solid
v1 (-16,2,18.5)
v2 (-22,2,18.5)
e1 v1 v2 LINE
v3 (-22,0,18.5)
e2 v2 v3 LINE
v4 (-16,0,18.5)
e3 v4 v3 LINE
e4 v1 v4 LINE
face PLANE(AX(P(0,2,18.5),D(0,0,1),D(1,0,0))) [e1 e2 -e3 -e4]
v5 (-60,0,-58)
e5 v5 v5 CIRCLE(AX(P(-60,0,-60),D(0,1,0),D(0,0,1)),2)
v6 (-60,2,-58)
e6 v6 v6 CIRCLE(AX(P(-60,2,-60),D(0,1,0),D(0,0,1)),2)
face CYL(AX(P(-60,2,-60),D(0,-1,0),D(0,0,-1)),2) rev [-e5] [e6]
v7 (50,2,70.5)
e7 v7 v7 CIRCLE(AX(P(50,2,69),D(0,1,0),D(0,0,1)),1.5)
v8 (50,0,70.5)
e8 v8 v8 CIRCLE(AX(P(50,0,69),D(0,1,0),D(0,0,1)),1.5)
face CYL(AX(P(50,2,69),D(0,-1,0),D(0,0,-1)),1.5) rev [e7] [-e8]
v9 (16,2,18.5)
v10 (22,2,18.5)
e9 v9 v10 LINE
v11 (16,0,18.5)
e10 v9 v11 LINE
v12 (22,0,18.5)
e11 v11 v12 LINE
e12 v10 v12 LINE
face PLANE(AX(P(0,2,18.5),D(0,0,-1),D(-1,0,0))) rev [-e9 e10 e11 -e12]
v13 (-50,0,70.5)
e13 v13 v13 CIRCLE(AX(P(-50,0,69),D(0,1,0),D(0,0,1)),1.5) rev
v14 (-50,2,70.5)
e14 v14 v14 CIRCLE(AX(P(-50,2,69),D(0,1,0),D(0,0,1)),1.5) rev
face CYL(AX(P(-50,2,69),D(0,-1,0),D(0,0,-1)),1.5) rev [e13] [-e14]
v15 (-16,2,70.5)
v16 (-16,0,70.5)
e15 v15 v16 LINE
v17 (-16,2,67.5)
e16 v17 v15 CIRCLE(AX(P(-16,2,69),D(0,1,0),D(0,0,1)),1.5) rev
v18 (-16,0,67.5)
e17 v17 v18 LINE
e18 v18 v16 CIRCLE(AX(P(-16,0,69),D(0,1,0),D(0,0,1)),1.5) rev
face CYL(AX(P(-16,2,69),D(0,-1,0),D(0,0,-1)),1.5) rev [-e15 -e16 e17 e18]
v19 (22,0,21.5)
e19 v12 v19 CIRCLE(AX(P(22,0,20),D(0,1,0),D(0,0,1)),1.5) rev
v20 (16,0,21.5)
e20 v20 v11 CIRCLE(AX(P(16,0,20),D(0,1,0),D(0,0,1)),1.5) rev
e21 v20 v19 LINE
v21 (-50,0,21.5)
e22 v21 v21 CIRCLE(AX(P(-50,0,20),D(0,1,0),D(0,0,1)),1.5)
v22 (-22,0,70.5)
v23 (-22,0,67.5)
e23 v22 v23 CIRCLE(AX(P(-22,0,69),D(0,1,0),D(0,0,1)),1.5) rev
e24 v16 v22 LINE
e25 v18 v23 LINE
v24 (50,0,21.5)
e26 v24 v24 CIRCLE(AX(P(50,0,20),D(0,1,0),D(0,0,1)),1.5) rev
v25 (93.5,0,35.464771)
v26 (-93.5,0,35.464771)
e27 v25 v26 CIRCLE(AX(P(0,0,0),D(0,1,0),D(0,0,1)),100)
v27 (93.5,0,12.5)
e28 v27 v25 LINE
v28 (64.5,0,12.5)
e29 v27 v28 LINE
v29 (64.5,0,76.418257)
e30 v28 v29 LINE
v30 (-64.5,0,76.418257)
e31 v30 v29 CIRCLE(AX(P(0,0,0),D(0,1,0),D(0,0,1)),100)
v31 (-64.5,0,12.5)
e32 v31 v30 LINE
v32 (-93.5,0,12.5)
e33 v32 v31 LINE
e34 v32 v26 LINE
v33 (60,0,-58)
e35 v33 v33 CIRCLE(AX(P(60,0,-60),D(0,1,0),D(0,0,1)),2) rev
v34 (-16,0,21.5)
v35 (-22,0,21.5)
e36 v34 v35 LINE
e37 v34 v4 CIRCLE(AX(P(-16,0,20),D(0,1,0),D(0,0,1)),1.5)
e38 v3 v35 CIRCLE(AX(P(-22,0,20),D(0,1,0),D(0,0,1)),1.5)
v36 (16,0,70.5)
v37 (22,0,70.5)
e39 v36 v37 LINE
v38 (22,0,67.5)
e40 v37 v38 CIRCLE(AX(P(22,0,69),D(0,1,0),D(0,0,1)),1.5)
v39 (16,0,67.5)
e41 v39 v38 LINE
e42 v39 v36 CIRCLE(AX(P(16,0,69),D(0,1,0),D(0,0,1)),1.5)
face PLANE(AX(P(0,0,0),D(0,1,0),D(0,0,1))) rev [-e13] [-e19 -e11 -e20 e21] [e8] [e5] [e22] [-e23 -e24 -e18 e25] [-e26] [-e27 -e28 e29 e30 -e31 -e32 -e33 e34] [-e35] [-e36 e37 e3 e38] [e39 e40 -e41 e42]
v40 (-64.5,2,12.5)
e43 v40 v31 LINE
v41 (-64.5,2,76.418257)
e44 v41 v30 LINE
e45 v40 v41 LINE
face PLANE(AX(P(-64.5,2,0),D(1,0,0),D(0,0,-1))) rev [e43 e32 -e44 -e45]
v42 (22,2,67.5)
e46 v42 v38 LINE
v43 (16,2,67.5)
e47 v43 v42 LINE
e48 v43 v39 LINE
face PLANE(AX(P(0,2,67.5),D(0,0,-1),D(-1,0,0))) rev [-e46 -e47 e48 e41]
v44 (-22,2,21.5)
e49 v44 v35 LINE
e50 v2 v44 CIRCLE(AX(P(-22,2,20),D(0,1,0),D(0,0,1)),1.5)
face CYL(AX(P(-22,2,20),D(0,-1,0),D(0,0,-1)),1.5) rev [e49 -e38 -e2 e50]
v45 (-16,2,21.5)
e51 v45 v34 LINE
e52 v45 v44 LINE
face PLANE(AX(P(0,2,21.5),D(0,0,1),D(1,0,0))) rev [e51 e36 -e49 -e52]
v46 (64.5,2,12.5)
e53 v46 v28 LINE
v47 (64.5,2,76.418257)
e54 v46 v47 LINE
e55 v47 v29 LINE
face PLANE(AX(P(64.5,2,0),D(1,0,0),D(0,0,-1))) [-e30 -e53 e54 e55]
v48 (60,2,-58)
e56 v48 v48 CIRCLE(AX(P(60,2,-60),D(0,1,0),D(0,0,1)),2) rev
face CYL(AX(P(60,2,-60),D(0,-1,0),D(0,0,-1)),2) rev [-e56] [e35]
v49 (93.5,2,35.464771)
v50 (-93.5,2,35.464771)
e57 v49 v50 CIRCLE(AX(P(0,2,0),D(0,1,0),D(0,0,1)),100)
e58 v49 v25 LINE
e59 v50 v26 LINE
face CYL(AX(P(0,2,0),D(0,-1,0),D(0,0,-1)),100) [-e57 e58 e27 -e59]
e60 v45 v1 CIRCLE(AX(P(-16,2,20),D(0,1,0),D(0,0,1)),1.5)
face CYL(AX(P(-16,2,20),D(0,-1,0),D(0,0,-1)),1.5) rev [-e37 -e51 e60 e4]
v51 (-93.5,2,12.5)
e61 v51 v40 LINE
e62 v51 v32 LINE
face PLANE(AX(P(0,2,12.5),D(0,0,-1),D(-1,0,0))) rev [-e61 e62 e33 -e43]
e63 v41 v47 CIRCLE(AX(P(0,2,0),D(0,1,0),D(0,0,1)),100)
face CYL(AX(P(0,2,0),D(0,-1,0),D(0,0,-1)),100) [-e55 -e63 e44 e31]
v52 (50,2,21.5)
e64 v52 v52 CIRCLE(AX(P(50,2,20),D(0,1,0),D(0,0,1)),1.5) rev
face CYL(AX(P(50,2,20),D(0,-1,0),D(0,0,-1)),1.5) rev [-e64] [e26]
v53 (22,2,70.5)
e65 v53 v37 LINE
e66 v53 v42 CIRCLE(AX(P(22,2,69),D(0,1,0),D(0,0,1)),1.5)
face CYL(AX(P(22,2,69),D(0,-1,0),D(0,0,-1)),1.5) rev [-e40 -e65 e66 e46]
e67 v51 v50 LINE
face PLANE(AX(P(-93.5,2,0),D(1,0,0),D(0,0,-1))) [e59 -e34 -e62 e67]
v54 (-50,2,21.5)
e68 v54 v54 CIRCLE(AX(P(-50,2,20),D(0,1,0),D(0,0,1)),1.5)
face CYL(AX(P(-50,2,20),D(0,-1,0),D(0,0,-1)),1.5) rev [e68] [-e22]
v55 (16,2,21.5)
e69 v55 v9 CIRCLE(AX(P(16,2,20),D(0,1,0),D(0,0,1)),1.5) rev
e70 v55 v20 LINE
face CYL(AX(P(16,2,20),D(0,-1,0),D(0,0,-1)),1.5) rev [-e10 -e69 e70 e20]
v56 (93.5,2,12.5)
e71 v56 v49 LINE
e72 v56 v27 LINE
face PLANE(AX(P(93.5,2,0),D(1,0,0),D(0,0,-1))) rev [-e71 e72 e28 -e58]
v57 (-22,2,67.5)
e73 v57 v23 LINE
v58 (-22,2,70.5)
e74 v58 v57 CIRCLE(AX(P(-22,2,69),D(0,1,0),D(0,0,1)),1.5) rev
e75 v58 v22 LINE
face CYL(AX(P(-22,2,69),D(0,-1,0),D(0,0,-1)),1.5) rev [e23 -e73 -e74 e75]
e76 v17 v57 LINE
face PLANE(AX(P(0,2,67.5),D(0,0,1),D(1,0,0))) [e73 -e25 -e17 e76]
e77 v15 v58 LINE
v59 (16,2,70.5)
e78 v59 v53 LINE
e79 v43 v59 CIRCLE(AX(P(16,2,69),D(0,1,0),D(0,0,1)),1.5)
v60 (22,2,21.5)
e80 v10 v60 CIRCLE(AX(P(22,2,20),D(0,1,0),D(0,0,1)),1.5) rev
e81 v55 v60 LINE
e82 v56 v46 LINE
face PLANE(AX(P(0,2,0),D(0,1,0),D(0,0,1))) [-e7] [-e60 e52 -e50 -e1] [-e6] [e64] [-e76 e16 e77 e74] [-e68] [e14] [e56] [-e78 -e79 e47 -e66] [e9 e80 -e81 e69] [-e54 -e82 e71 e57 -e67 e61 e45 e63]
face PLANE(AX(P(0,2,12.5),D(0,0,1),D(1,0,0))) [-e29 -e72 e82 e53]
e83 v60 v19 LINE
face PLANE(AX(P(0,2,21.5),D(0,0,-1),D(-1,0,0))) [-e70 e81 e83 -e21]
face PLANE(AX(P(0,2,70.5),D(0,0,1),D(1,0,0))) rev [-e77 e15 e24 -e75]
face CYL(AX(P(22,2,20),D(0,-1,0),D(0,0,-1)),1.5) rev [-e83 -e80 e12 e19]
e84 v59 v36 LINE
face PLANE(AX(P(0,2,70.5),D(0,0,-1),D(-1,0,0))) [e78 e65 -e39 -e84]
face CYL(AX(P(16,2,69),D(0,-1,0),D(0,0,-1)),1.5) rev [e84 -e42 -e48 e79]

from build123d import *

# Parameters (mm, degrees)
SKETCH1_R           = 1.5
SKETCH1_R_2         = 2
BOSS_EXTRUDE1_DEPTH = 2


with BuildPart() as part:
    # Sketch1 → Boss-Extrude1 (new body)
    with BuildSketch(Plane(origin=(0, 0, 0), x_dir=(1, 0, 0), z_dir=(0, 1, 0))):
        with BuildLine():
            Line((-93.5, -35.464771253), (-93.5, -12.5))
            Line((-93.5, -12.5), (-64.5, -12.5))
            Line((-64.5, -12.5), (-64.5, -76.418256981))
            ThreePointArc((-64.5, -76.418256981), (0, -100), (64.5, -76.418256981))
            Line((64.5, -76.418256981), (64.5, -12.5))
            Line((64.5, -12.5), (93.5, -12.5))
            Line((93.5, -12.5), (93.5, -35.464771253))
            ThreePointArc((93.5, -35.464771253), (0, 100), (-93.5, -35.464771253))
        make_face()
        with Locations((-50, -69)):
            Circle(SKETCH1_R, mode=Mode.SUBTRACT)
        with BuildLine():
            Line((-22, -67.5), (-16, -67.5))
            ThreePointArc((-16, -67.5), (-14.5, -69), (-16, -70.5))
            Line((-16, -70.5), (-22, -70.5))
            ThreePointArc((-22, -70.5), (-23.5, -69), (-22, -67.5))
        make_face(mode=Mode.SUBTRACT)
        with Locations((-50, -20)):
            Circle(SKETCH1_R, mode=Mode.SUBTRACT)
        with BuildLine():
            ThreePointArc((-16, -18.5), (-14.5, -20), (-16, -21.5))
            Line((-16, -21.5), (-22, -21.5))
            ThreePointArc((-22, -21.5), (-23.5, -20), (-22, -18.5))
            Line((-22, -18.5), (-16, -18.5))
        make_face(mode=Mode.SUBTRACT)
        with BuildLine():
            ThreePointArc((16, -70.5), (14.5, -69), (16, -67.5))
            Line((16, -67.5), (22, -67.5))
            ThreePointArc((22, -67.5), (23.5, -69), (22, -70.5))
            Line((22, -70.5), (16, -70.5))
        make_face(mode=Mode.SUBTRACT)
        with Locations((50, -69)):
            Circle(SKETCH1_R, mode=Mode.SUBTRACT)
        with BuildLine():
            Line((22, -21.5), (16, -21.5))
            ThreePointArc((16, -21.5), (14.5, -20), (16, -18.5))
            Line((16, -18.5), (22, -18.5))
            ThreePointArc((22, -18.5), (23.5, -20), (22, -21.5))
        make_face(mode=Mode.SUBTRACT)
        with Locations((50, -20)):
            Circle(SKETCH1_R, mode=Mode.SUBTRACT)
        with Locations((-60, 60)):
            Circle(SKETCH1_R_2, mode=Mode.SUBTRACT)
        with Locations((60, 60)):
            Circle(SKETCH1_R_2, mode=Mode.SUBTRACT)
    extrude(amount=BOSS_EXTRUDE1_DEPTH)


solid = part.part
